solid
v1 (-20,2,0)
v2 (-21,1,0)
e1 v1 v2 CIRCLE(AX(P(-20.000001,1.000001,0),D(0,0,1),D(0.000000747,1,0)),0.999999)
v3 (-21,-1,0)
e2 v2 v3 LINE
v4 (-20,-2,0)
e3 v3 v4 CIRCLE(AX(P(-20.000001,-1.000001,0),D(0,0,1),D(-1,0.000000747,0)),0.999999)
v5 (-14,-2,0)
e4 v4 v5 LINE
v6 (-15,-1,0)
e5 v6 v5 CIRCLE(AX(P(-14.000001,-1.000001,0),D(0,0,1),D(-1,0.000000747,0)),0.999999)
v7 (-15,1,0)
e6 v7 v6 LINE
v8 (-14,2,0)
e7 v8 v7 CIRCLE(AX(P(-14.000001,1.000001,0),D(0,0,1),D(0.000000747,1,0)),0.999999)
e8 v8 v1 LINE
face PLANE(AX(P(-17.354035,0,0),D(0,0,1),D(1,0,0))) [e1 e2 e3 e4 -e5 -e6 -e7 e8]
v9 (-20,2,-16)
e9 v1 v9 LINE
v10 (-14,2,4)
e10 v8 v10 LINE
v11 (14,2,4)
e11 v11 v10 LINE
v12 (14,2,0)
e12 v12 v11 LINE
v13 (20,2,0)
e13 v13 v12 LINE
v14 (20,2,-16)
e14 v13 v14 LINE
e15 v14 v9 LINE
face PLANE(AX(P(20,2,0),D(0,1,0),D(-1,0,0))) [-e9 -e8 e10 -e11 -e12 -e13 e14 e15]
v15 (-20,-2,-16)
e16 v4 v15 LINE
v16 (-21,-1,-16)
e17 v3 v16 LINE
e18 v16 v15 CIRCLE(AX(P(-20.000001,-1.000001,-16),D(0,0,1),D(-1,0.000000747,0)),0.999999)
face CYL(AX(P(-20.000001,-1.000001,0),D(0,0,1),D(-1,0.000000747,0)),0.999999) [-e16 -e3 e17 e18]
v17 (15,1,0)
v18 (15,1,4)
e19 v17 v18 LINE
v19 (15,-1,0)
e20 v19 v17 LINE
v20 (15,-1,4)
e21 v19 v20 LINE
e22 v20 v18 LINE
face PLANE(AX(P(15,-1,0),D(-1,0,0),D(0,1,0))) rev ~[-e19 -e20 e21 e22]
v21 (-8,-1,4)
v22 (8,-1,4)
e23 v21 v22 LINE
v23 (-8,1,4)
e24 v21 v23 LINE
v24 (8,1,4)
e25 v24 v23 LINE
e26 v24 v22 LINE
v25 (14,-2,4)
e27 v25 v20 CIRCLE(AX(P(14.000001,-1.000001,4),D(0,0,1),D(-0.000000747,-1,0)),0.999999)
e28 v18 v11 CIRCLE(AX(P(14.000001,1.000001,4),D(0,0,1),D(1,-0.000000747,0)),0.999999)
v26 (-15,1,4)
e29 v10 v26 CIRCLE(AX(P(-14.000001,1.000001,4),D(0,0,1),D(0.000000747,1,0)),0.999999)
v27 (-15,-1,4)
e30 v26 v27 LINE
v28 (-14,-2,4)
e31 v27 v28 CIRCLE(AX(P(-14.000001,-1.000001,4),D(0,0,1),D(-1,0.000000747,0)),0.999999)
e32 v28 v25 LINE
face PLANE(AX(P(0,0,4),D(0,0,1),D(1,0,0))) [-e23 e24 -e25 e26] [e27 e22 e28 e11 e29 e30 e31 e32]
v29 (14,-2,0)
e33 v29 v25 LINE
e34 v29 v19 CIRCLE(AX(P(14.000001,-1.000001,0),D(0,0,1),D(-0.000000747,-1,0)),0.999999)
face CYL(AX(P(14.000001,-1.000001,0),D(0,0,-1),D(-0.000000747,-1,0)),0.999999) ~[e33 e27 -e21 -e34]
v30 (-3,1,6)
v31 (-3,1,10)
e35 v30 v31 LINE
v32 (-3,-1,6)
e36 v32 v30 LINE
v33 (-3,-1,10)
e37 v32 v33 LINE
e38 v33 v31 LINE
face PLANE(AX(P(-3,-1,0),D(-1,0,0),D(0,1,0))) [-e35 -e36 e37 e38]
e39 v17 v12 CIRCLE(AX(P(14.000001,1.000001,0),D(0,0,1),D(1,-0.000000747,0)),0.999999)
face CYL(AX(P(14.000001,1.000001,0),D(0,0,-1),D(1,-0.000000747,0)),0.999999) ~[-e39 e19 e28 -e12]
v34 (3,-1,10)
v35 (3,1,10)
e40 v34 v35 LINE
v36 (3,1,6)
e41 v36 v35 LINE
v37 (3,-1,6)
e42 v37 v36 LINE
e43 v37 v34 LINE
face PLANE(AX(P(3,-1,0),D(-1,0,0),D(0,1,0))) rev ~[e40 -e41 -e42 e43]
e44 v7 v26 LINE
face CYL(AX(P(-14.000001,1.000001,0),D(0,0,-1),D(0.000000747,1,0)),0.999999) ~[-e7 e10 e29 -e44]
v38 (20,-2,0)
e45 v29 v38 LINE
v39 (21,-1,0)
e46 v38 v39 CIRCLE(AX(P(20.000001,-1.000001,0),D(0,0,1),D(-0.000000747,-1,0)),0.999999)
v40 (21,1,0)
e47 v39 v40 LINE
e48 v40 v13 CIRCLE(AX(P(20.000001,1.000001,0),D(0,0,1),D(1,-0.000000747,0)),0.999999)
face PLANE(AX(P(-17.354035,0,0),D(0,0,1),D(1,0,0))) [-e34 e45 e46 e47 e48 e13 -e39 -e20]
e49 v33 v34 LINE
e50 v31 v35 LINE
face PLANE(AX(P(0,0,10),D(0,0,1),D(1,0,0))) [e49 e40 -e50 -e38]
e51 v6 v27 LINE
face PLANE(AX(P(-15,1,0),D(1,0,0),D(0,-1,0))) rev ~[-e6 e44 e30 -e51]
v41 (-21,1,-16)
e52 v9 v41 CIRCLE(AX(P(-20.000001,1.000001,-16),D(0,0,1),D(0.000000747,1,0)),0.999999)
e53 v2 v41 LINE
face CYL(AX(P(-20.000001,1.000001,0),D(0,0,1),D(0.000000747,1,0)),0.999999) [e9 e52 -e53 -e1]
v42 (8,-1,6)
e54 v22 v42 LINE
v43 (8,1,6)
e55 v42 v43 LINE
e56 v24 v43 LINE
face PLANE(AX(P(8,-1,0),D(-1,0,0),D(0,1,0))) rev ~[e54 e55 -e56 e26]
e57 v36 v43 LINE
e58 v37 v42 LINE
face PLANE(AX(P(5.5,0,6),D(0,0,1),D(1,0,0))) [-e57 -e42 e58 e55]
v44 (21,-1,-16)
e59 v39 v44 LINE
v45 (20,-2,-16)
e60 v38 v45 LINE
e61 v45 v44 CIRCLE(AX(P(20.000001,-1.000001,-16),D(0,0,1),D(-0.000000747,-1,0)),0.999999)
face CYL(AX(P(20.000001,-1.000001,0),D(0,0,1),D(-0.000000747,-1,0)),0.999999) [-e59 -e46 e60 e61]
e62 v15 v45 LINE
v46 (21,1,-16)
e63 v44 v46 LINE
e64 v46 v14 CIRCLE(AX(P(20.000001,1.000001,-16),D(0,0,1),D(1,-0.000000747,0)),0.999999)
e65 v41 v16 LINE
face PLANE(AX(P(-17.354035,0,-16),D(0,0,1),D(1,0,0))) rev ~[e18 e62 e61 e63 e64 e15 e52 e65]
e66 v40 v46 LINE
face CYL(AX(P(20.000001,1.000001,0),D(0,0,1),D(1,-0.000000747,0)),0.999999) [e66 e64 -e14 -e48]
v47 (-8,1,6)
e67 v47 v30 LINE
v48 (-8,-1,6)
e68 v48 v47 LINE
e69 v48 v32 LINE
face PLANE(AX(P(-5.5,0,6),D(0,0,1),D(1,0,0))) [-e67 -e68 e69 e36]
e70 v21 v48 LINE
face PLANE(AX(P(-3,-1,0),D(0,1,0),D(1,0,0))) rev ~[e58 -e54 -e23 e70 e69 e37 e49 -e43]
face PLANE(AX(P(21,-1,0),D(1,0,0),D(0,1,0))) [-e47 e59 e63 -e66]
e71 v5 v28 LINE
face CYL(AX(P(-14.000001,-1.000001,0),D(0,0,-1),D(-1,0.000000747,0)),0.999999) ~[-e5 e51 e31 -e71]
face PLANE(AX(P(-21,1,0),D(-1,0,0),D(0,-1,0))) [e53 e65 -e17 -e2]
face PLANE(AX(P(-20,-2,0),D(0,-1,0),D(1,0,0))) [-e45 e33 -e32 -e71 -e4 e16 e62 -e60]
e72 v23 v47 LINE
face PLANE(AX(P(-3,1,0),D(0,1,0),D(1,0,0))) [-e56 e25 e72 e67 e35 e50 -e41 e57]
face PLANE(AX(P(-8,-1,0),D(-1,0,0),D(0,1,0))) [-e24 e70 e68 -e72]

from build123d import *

# Parameters (mm, degrees)
F0_W     = 5
F0_H     = 2
F0_W_2   = 6
F1_DEPTH = 16
F2_DEPTH = 4
F3_DEPTH = 6
F4_DEPTH = 10


with BuildPart() as f1:
    # F0 (on Top) → F1 (new body)
    with BuildSketch(Plane.XY):
        with BuildLine():
            Line((-20, -2), (-14, -2))
            ThreePointArc((-14, -2), (-14.707107, -1.707107), (-15, -1))
            Line((-15, -1), (-15, 1))
            ThreePointArc((-15, 1), (-14.707107, 1.707107), (-14, 2))
            Line((-14, 2), (-20, 2))
            ThreePointArc((-20, 2), (-20.707107, 1.707107), (-21, 1))
            Line((-21, 1), (-21, -1))
            ThreePointArc((-21, -1), (-20.707107, -1.707107), (-20, -2))
        make_face()
        with BuildLine():
            Line((-14, -2), (14, -2))
            ThreePointArc((14, -2), (14.707107, -1.707107), (15, -1))
            Line((15, -1), (15, 1))
            ThreePointArc((15, 1), (14.707107, 1.707107), (14, 2))
            Line((14, 2), (-14, 2))
            ThreePointArc((-14, 2), (-14.707107, 1.707107), (-15, 1))
            Line((-15, 1), (-15, -1))
            ThreePointArc((-15, -1), (-14.707107, -1.707107), (-14, -2))
        make_face()
        Polygon((8, -1), (3, -1), (-3, -1), (-8, -1), (-8, 1), (-3, 1), (3, 1), (8, 1), align=None, mode=Mode.SUBTRACT)
        with Locations((-5.5, 0)):
            Rectangle(F0_W, F0_H)
        Rectangle(F0_W_2, F0_H)
        with Locations((5.5, 0)):
            Rectangle(F0_W, F0_H)
        with BuildLine():
            Line((14, -2), (20, -2))
            ThreePointArc((20, -2), (20.707107, -1.707107), (21, -1))
            Line((21, -1), (21, 1))
            ThreePointArc((21, 1), (20.707107, 1.707107), (20, 2))
            Line((20, 2), (14, 2))
            ThreePointArc((14, 2), (14.707107, 1.707107), (15, 1))
            Line((15, 1), (15, -1))
            ThreePointArc((15, -1), (14.707107, -1.707107), (14, -2))
        make_face()
    extrude(amount=-F1_DEPTH)

    # F0 (on Top) → F2 (join)
    with BuildSketch(Plane.XY):
        with BuildLine():
            Line((-14, -2), (14, -2))
            ThreePointArc((14, -2), (14.707107, -1.707107), (15, -1))
            Line((15, -1), (15, 1))
            ThreePointArc((15, 1), (14.707107, 1.707107), (14, 2))
            Line((14, 2), (-14, 2))
            ThreePointArc((-14, 2), (-14.707107, 1.707107), (-15, 1))
            Line((-15, 1), (-15, -1))
            ThreePointArc((-15, -1), (-14.707107, -1.707107), (-14, -2))
        make_face()
        Polygon((8, -1), (3, -1), (-3, -1), (-8, -1), (-8, 1), (-3, 1), (3, 1), (8, 1), align=None, mode=Mode.SUBTRACT)
    extrude(amount=F2_DEPTH)

    # F0 (on Top) → F3 (join)
    with BuildSketch(Plane.XY):
        with Locations((-5.5, 0)):
            Rectangle(F0_W, F0_H)
        with Locations((5.5, 0)):
            Rectangle(F0_W, F0_H)
    extrude(amount=F3_DEPTH)

    # F0 (on Top) → F4 (join)
    with BuildSketch(Plane.XY):
        Rectangle(F0_W_2, F0_H)
    extrude(amount=F4_DEPTH)


solid = f1.part
